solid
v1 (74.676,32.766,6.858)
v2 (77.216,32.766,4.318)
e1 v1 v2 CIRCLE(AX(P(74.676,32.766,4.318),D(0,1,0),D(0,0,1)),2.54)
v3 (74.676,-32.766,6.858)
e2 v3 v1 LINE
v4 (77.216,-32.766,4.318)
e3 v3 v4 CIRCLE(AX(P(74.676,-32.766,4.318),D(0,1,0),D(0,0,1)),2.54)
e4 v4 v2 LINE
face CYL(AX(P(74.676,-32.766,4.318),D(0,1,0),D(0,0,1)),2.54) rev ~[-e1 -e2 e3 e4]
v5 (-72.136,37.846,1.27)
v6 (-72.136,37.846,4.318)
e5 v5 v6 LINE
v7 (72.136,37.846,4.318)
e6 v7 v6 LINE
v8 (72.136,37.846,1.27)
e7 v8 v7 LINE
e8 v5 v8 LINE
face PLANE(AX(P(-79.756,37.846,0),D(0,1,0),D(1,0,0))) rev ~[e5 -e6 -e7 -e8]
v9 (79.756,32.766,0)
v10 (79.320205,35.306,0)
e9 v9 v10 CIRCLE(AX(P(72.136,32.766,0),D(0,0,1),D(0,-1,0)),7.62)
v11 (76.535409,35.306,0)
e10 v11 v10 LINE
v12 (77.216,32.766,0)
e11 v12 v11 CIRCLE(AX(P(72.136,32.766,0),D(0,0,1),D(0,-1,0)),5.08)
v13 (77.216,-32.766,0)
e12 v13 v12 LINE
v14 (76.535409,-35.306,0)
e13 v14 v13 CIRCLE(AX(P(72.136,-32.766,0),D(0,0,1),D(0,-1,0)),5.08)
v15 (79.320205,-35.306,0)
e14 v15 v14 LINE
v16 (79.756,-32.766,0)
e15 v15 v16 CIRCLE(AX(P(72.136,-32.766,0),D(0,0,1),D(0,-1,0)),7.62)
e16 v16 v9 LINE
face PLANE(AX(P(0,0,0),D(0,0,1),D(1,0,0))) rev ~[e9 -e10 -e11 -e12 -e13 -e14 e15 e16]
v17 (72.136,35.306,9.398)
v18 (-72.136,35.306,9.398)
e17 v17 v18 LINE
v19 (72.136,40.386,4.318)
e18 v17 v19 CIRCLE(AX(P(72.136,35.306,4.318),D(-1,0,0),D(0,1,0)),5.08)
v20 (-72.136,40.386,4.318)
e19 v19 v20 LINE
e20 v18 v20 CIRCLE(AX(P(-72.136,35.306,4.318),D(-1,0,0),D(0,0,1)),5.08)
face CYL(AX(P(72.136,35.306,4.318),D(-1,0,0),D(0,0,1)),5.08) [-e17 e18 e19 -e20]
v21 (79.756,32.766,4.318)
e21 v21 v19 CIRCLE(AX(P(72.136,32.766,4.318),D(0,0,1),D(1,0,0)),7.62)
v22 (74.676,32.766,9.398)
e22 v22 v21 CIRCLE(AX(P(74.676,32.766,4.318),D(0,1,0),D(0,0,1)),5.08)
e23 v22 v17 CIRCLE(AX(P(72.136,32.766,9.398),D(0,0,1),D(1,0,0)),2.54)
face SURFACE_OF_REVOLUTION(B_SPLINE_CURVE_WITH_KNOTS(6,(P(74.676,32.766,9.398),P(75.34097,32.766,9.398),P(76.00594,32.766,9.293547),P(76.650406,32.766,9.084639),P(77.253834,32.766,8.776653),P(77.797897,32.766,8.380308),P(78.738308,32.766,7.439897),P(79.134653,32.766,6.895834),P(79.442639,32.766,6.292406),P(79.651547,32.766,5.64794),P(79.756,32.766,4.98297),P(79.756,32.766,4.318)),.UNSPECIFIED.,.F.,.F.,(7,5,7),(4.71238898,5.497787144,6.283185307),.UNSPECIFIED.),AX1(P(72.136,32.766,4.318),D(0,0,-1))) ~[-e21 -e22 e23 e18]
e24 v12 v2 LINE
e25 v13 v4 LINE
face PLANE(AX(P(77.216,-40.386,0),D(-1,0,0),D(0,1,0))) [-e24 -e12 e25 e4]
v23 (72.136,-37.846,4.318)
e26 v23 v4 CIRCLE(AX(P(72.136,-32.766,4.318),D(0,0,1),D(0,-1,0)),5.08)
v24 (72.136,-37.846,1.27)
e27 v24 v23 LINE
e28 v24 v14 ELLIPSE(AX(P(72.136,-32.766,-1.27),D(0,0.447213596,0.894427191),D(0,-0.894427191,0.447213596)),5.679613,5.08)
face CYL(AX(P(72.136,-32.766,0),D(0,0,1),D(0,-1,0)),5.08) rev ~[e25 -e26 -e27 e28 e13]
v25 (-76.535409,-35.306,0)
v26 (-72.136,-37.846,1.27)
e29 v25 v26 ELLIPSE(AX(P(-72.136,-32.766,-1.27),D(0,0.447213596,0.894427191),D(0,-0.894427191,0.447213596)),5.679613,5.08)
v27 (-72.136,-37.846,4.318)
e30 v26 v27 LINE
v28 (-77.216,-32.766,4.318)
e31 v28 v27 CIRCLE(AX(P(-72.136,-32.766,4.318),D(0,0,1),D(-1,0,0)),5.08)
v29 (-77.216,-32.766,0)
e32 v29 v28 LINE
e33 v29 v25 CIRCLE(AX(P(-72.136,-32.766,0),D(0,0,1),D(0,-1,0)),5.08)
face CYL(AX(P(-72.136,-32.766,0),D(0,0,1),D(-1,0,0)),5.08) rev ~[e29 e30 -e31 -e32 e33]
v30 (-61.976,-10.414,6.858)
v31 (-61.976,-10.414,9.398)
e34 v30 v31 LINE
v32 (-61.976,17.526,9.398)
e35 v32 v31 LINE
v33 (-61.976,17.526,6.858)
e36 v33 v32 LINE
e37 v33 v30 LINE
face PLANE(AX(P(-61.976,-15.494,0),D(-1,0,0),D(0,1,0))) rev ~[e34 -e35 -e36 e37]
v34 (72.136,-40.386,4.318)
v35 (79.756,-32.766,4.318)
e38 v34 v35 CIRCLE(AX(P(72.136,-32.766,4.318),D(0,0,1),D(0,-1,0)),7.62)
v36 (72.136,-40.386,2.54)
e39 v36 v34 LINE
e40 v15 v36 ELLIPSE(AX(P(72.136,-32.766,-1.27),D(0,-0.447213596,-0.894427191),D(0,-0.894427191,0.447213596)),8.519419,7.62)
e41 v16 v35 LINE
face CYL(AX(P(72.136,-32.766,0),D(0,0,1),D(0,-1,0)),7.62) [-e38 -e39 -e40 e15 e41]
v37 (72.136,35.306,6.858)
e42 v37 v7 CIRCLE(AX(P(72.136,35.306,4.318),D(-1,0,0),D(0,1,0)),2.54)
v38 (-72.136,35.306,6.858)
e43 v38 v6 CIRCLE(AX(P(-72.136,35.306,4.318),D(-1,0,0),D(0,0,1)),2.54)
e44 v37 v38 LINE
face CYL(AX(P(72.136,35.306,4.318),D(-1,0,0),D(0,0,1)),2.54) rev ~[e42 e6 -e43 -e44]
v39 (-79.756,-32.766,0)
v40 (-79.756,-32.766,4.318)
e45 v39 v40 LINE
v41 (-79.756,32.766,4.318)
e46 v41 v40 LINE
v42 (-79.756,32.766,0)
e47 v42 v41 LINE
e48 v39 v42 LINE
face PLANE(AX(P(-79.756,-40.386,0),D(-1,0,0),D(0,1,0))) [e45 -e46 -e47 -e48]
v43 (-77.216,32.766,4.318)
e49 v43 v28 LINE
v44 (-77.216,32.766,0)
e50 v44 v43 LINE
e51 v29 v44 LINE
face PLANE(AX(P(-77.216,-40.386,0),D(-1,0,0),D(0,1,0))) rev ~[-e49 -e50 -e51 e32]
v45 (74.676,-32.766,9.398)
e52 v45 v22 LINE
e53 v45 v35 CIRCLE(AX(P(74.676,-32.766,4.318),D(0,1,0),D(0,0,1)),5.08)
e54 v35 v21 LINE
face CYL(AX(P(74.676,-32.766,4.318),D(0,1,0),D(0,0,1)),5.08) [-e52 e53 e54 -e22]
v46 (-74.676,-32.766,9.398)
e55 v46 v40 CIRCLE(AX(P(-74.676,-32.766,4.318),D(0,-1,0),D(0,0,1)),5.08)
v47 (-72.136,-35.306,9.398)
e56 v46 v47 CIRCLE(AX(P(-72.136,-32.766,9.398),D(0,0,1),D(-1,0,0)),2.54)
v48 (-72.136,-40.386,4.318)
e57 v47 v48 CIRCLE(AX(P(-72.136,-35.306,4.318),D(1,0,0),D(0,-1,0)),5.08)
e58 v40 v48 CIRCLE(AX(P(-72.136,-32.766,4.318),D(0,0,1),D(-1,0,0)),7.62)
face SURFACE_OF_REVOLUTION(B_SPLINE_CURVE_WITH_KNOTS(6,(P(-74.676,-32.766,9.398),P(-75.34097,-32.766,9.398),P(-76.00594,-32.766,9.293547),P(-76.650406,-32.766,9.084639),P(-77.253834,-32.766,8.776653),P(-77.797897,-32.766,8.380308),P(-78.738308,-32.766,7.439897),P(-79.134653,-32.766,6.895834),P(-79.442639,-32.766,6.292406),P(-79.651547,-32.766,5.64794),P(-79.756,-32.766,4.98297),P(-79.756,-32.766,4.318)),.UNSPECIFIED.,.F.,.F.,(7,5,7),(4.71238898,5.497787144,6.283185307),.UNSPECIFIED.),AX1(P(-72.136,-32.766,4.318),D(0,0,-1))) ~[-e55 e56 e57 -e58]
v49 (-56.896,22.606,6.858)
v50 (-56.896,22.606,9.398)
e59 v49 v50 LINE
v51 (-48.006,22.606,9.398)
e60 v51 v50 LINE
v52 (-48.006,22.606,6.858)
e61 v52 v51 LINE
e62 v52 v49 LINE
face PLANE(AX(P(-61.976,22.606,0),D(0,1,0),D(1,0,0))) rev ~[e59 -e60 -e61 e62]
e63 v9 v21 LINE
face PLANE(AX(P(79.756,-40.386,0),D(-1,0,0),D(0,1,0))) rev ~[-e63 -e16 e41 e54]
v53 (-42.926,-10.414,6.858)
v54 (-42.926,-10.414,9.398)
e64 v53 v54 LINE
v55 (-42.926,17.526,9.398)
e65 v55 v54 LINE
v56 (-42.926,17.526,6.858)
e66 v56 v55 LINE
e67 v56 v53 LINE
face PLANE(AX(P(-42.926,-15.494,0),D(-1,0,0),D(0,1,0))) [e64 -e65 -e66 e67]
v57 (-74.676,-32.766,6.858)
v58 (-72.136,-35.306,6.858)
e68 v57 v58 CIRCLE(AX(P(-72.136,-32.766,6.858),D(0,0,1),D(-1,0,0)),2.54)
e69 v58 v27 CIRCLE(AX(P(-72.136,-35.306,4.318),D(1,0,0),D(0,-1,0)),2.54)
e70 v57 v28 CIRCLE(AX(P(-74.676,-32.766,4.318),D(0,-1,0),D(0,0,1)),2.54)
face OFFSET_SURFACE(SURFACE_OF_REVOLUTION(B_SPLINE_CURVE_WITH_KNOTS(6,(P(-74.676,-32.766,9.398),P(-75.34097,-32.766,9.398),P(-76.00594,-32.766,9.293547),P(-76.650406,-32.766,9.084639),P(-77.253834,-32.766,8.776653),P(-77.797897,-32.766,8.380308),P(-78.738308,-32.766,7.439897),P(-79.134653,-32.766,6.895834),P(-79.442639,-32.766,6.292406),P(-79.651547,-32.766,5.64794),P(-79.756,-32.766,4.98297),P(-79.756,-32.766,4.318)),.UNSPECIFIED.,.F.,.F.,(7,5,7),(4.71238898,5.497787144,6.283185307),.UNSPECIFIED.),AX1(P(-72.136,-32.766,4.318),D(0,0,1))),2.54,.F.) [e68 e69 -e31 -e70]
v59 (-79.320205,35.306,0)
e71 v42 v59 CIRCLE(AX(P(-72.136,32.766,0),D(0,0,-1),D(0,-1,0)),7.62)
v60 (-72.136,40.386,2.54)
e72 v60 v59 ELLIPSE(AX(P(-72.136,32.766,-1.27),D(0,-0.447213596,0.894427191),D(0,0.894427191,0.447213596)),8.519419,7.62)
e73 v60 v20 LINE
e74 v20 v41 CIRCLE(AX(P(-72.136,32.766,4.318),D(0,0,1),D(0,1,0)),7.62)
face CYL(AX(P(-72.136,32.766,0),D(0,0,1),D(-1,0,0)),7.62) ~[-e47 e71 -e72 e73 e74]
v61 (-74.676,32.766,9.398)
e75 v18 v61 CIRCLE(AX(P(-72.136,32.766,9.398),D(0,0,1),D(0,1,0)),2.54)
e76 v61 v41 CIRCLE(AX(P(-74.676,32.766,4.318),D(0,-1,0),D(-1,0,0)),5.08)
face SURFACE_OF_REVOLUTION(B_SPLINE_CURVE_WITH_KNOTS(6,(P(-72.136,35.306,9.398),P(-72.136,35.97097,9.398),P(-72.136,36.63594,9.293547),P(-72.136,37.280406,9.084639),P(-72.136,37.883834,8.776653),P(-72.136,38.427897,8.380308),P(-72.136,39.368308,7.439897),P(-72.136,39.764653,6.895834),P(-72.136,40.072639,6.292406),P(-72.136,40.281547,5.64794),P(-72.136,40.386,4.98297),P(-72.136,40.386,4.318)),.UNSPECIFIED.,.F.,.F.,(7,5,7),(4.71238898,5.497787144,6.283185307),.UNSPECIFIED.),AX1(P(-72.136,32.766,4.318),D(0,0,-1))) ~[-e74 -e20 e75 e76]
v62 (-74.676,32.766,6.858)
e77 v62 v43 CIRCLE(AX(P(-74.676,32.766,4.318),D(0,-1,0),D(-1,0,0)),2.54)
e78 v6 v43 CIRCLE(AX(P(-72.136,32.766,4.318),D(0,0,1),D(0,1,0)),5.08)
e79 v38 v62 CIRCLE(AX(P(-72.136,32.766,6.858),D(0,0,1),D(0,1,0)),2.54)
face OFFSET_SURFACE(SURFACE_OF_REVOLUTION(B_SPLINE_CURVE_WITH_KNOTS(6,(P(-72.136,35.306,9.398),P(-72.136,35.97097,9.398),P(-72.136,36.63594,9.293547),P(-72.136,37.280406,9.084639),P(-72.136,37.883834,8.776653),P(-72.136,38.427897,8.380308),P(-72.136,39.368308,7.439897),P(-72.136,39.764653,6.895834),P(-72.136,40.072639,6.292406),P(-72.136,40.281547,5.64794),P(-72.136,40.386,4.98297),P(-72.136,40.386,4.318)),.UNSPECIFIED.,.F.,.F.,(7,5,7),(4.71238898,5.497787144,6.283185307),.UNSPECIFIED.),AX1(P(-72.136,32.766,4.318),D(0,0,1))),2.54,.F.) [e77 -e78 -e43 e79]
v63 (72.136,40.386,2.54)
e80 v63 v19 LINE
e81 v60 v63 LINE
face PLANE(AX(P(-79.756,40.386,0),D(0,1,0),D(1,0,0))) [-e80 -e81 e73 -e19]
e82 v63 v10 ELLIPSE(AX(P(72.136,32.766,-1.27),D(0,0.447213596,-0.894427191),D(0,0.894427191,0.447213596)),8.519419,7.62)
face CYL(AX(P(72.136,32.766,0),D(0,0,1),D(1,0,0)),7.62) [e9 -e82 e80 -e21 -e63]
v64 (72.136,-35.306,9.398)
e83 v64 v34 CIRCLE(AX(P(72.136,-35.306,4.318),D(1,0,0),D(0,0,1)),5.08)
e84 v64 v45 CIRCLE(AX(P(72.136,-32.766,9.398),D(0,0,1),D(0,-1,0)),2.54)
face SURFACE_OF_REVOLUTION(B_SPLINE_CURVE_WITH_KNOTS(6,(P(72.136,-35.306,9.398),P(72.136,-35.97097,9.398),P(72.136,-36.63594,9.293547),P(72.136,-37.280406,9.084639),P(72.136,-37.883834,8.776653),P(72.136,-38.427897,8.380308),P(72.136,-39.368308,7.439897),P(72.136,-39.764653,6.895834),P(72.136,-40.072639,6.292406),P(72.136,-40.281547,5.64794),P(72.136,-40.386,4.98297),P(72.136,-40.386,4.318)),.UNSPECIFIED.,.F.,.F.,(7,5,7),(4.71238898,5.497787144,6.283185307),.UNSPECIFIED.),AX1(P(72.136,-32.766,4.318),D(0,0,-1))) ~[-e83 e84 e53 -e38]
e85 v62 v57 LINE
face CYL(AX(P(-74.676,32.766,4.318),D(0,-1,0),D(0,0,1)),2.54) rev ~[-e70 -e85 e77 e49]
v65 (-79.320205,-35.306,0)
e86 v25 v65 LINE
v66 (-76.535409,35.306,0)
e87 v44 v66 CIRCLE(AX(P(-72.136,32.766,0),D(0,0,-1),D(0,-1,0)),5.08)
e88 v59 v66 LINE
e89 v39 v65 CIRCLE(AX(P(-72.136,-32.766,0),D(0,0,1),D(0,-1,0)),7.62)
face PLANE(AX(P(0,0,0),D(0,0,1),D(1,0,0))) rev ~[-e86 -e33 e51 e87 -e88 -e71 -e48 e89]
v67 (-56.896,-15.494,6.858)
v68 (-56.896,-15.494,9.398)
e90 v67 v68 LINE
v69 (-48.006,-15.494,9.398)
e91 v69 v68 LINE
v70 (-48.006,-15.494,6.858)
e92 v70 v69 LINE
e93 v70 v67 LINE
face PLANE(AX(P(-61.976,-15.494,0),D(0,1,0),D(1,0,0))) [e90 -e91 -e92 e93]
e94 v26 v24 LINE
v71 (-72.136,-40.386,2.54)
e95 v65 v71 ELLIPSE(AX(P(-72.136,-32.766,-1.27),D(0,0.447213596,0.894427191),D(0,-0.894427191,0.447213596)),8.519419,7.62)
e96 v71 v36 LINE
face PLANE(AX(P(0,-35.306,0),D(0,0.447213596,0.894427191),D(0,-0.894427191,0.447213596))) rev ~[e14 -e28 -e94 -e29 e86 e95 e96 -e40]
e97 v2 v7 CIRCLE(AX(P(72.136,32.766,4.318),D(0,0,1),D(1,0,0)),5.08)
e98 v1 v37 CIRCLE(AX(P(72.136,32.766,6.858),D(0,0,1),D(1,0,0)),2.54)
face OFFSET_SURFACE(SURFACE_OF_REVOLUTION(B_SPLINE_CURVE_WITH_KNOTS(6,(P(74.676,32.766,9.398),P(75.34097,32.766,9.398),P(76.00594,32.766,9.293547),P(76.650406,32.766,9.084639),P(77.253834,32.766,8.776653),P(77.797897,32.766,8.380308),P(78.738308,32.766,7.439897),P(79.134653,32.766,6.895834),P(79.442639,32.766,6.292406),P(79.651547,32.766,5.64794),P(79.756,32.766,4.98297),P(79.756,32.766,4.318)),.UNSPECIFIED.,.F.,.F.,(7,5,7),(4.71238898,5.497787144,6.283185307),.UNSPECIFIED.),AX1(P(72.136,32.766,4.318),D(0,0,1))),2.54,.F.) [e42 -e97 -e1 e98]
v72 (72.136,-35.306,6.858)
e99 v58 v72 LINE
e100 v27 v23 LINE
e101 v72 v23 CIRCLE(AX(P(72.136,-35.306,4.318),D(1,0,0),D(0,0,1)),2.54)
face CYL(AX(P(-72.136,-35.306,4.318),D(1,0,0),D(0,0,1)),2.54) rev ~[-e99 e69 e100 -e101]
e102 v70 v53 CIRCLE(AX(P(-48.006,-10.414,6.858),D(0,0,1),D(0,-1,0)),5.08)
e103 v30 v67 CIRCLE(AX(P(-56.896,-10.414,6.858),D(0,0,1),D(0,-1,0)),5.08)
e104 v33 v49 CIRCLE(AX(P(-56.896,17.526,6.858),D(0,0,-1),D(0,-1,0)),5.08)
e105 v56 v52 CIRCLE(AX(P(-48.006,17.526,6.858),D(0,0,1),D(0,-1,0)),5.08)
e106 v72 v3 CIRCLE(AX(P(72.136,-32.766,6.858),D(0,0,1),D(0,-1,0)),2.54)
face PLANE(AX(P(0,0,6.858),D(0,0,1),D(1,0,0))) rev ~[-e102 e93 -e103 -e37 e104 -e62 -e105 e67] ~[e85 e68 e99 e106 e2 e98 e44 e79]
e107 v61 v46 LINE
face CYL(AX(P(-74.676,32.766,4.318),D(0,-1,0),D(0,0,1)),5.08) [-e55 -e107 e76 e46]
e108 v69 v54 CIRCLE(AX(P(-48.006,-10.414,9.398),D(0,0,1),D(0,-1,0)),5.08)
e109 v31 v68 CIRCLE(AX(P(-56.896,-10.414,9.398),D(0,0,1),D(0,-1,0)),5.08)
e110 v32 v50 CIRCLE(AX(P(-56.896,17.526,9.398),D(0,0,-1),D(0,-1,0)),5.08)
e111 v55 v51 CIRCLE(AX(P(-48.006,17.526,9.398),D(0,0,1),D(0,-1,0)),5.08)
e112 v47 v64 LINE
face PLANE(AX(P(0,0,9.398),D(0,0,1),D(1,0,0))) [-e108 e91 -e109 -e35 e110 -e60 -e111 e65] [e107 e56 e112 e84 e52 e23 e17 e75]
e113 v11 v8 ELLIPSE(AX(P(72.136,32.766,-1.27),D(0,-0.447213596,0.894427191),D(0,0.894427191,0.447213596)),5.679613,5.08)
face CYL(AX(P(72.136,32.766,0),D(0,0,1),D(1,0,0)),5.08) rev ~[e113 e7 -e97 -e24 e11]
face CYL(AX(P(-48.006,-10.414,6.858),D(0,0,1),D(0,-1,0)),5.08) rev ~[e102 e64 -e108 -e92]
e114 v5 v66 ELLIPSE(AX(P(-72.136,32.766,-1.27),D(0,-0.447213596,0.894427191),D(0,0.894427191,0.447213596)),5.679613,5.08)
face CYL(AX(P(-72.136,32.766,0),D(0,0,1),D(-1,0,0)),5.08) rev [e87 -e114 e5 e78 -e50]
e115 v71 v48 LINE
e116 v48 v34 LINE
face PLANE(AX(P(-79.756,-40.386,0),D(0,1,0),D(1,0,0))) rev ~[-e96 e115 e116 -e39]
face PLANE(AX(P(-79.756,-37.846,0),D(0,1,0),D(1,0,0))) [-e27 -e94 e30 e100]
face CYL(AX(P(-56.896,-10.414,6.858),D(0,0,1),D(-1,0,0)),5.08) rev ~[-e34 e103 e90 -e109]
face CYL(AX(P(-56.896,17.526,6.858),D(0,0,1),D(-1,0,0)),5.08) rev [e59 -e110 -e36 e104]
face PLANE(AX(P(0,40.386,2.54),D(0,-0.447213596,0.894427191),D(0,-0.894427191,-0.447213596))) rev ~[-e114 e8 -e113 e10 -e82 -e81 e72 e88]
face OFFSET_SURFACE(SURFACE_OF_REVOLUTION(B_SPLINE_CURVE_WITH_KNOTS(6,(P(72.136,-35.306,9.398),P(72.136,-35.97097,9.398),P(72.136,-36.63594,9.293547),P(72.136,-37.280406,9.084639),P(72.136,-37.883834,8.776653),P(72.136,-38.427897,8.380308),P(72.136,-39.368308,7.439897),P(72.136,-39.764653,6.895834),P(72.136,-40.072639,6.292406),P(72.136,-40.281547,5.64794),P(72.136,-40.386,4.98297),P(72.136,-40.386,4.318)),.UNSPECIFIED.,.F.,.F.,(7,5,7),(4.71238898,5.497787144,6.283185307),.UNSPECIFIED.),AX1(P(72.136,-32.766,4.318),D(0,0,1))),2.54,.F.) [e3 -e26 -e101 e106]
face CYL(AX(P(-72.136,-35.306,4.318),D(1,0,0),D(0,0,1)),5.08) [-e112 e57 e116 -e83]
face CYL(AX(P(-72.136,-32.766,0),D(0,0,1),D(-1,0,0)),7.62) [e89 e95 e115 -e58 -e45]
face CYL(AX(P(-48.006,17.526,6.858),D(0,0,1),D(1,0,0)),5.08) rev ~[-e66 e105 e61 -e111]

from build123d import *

# Parameters (mm, degrees)
F0_W          = 159.512
F0_H          = 80.772
F1_DEPTH      = 9.398
F2_R          = 7.62
F3_R          = 5.08
F5_DEPTH      = 79.757
F5_DEPTH_BACK = 79.757
F6_T          = -2.54
F7_W          = 19.05
F7_H          = 38.1
F8_DEPTH      = 30.48
F9_R          = 5.08


with BuildPart() as f1:
    # F0 (on Top) → F1 (new body)
    with BuildSketch(Plane.XY):
        Rectangle(F0_W, F0_H)
    extrude(amount=F1_DEPTH)

    # F2
    f2_edges = [f1.edges().sort_by_distance(p)[0] for p in [
        (79.756, -40.386, 4.699),
        (79.756, 40.386, 4.699),
        (-79.756, -40.386, 4.699),
        (-79.756, 40.386, 4.699),
    ]]
    fillet(f2_edges, radius=F2_R)

    # F3
    f3_edges = [f1.edges().sort_by_distance(p)[0] for p in [
        (79.756, 0, 9.398),
        (77.524154, -38.154154, 9.398),
        (77.524154, 38.154154, 9.398),
        (0, -40.386, 9.398),
        (0, 40.386, 9.398),
        (-77.524154, -38.154154, 9.398),
        (-77.524154, 38.154154, 9.398),
        (-79.756, 0, 9.398),
    ]]
    fillet(f3_edges, radius=F3_R)

    # F4 (on Right) → F5 (cut, two sides)
    with BuildSketch(Plane.YZ) as f5_sk:
        Polygon((35.306, 0), (40.386, 0), (40.386, 2.54), align=None)
        Polygon((-40.386, 0), (-35.306, 0), (-40.386, 2.54), align=None)
    extrude(amount=F5_DEPTH, mode=Mode.SUBTRACT)
    extrude(f5_sk.sketch, amount=-F5_DEPTH_BACK, mode=Mode.SUBTRACT)

    # F6
    f6_openings = [f1.faces().sort_by_distance(p)[0] for p in [
        (0, -37.816494, 1.255247),
        (0, 37.816494, 1.255247),
        (0, 0, 0),
    ]]
    offset(amount=F6_T, openings=f6_openings)

    # F7 (on Top) → F8 (cut)
    with BuildSketch(Plane.XY):
        with Locations((-52.451, 3.556)):
            Rectangle(F7_W, F7_H)
    extrude(amount=F8_DEPTH, mode=Mode.SUBTRACT)

    # F9
    f9_edges = [f1.edges().sort_by_distance(p)[0] for p in [
        (-61.976, -15.494, 8.128),
        (-42.926, -15.494, 8.128),
        (-61.976, 22.606, 8.128),
        (-42.926, 22.606, 8.128),
    ]]
    fillet(f9_edges, radius=F9_R)


solid = f1.part
